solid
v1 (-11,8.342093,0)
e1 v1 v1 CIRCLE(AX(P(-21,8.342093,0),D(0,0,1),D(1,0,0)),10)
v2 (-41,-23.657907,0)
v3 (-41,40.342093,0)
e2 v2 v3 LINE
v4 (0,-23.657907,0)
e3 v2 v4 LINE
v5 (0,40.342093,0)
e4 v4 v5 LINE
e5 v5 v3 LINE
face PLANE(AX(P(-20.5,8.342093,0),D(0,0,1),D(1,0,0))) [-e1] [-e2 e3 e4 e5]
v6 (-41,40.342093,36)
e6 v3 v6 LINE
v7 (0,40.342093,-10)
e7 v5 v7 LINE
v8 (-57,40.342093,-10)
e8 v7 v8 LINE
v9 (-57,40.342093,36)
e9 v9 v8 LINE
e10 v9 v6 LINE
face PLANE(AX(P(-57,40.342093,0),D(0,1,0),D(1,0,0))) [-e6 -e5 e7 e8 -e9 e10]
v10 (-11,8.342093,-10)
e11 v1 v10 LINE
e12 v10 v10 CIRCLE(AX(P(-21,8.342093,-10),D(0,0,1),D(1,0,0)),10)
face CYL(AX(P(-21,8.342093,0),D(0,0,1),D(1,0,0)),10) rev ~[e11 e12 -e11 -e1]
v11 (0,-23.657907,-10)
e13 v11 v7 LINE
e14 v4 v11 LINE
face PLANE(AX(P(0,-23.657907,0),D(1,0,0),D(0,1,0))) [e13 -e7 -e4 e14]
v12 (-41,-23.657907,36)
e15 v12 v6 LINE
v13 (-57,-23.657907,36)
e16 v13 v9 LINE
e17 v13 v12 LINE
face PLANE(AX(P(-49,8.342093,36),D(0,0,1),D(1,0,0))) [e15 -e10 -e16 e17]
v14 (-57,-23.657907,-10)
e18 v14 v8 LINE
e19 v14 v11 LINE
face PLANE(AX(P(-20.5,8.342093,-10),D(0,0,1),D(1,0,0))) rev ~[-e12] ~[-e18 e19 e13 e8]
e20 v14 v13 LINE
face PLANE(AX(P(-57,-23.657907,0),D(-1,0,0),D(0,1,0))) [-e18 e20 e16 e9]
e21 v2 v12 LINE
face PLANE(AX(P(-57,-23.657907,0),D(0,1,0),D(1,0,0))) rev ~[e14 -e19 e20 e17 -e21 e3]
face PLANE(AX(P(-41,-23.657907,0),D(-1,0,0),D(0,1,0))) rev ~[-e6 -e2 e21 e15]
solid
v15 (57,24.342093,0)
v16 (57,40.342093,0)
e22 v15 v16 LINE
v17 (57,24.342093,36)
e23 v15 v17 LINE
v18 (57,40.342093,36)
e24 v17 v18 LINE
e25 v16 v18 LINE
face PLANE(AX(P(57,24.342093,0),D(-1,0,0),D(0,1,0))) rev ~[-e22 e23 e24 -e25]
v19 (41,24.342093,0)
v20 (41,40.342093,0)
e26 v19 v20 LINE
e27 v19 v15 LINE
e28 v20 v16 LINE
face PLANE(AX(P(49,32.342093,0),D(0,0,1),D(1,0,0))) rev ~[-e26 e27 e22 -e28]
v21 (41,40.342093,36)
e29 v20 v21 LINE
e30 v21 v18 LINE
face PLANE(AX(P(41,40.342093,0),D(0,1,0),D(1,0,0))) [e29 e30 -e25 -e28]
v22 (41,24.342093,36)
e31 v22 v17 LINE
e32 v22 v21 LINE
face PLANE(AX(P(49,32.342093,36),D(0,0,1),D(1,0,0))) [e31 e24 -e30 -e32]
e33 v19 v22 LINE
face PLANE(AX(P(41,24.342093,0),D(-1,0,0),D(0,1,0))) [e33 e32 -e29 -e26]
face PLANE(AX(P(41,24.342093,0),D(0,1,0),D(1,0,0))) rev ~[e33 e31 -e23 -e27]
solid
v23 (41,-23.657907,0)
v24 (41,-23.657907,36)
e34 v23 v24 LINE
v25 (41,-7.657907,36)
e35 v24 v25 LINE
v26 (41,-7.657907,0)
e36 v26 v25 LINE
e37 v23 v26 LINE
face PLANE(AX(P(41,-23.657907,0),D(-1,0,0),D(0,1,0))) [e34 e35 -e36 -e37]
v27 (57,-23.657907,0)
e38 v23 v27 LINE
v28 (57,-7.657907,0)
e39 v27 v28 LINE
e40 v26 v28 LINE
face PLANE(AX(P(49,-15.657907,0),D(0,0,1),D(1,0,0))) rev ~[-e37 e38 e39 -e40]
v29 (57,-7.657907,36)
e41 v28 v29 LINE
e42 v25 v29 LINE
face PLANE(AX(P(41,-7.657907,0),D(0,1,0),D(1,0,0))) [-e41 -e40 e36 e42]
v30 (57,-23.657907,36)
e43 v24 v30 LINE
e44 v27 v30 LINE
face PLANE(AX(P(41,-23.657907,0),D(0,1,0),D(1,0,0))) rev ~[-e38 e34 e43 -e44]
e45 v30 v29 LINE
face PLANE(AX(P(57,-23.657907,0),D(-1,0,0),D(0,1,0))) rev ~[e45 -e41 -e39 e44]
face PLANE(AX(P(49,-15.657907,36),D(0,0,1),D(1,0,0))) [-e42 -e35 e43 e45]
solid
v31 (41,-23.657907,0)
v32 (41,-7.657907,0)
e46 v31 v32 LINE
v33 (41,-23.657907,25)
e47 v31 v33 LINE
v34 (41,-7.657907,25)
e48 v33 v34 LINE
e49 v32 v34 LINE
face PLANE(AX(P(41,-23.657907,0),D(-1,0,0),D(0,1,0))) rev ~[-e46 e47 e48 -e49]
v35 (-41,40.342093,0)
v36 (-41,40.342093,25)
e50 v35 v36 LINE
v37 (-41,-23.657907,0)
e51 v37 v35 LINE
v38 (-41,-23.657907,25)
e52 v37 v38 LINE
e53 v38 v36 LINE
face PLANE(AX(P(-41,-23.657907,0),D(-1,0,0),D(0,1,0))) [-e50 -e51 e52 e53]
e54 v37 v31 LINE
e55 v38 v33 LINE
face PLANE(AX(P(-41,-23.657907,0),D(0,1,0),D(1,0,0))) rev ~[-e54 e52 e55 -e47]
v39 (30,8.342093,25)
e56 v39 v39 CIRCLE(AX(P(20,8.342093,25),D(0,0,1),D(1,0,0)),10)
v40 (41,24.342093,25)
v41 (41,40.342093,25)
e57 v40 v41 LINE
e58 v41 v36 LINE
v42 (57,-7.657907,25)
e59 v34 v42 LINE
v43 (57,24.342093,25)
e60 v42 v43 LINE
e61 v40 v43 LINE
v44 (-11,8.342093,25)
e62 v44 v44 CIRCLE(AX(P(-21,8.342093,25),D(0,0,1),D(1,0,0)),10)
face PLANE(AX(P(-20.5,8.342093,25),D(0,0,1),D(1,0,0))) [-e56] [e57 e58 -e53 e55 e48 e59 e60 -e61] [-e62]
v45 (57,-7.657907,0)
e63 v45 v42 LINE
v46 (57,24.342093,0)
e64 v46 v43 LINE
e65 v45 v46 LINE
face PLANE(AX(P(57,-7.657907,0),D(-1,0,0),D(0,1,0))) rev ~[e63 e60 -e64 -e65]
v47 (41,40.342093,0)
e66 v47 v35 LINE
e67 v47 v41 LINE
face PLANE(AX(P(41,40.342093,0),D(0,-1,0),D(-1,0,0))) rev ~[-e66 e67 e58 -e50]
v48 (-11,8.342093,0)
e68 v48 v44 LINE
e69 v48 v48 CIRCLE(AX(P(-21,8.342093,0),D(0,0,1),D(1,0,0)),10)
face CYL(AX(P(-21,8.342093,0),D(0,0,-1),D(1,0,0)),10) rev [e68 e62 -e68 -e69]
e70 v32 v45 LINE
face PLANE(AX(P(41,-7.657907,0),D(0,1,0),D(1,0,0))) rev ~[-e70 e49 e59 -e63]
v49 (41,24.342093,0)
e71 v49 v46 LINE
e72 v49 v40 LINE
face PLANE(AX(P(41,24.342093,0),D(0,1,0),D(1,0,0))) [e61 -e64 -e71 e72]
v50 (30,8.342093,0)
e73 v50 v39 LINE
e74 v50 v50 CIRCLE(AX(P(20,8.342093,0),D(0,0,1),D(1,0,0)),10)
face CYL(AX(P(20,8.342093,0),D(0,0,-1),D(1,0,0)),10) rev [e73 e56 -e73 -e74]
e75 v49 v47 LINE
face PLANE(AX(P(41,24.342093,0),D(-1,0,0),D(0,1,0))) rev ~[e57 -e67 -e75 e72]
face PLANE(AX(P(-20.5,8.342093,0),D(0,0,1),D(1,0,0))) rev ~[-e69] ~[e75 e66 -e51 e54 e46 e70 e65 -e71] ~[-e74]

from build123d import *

# Parameters (mm, degrees)
F0_W     = 41
F0_H     = 64
F0_R     = 10
F0_W_2   = 16
F1_DEPTH = 10
F0_H_2   = 16
F2_DEPTH = 36
F0_H_3   = 32
F3_DEPTH = 25


with BuildPart() as f1:
    # F0 (on Top) → F1 (new body)
    with BuildSketch(Plane.XY):
        with Locations((-20.5, 8.3420926728)):
            Rectangle(F0_W, F0_H)
        with Locations((-21, 8.3420926728)):
            Circle(F0_R, mode=Mode.SUBTRACT)
        with Locations((-49, 8.3420926728)):
            Rectangle(F0_W_2, F0_H)
    extrude(amount=-F1_DEPTH)

    # F0 (on Top) → F2, piece 3 (join)
    with BuildSketch(Plane.XY):
        with Locations((-49, 8.3420926728)):
            Rectangle(F0_W_2, F0_H)
    extrude(amount=F2_DEPTH)


with BuildPart() as f2:
    # F0 (on Top) → F2 (new body)
    with BuildSketch(Plane.XY):
        with Locations((49, 32.3420926728)):
            Rectangle(F0_W_2, F0_H_2)
    extrude(amount=F2_DEPTH)


with BuildPart() as f2b:
    # F0 (on Top) → F2, piece 2 (new body)
    with BuildSketch(Plane.XY):
        with Locations((49, -15.6579073272)):
            Rectangle(F0_W_2, F0_H_2)
    extrude(amount=F2_DEPTH)


with BuildPart() as f3:
    # F0 (on Top) → F3 (new body)
    with BuildSketch(Plane.XY):
        with Locations((-20.5, 8.3420926728)):
            Rectangle(F0_W, F0_H)
        with Locations((-21, 8.3420926728)):
            Circle(F0_R, mode=Mode.SUBTRACT)
        Polygon((0, 40.3420926728), (0, -23.6579073272), (41, -23.6579073272), (41, -7.6579073272), (41, 24.3420926728), (41, 40.3420926728), align=None)
        with Locations((20, 8.3420926728)):
            Circle(F0_R, mode=Mode.SUBTRACT)
        with Locations((49, 8.3420926728)):
            Rectangle(F0_W_2, F0_H_3)
    extrude(amount=F3_DEPTH)


solid = Compound([f1.part, f2.part, f2b.part, f3.part])
